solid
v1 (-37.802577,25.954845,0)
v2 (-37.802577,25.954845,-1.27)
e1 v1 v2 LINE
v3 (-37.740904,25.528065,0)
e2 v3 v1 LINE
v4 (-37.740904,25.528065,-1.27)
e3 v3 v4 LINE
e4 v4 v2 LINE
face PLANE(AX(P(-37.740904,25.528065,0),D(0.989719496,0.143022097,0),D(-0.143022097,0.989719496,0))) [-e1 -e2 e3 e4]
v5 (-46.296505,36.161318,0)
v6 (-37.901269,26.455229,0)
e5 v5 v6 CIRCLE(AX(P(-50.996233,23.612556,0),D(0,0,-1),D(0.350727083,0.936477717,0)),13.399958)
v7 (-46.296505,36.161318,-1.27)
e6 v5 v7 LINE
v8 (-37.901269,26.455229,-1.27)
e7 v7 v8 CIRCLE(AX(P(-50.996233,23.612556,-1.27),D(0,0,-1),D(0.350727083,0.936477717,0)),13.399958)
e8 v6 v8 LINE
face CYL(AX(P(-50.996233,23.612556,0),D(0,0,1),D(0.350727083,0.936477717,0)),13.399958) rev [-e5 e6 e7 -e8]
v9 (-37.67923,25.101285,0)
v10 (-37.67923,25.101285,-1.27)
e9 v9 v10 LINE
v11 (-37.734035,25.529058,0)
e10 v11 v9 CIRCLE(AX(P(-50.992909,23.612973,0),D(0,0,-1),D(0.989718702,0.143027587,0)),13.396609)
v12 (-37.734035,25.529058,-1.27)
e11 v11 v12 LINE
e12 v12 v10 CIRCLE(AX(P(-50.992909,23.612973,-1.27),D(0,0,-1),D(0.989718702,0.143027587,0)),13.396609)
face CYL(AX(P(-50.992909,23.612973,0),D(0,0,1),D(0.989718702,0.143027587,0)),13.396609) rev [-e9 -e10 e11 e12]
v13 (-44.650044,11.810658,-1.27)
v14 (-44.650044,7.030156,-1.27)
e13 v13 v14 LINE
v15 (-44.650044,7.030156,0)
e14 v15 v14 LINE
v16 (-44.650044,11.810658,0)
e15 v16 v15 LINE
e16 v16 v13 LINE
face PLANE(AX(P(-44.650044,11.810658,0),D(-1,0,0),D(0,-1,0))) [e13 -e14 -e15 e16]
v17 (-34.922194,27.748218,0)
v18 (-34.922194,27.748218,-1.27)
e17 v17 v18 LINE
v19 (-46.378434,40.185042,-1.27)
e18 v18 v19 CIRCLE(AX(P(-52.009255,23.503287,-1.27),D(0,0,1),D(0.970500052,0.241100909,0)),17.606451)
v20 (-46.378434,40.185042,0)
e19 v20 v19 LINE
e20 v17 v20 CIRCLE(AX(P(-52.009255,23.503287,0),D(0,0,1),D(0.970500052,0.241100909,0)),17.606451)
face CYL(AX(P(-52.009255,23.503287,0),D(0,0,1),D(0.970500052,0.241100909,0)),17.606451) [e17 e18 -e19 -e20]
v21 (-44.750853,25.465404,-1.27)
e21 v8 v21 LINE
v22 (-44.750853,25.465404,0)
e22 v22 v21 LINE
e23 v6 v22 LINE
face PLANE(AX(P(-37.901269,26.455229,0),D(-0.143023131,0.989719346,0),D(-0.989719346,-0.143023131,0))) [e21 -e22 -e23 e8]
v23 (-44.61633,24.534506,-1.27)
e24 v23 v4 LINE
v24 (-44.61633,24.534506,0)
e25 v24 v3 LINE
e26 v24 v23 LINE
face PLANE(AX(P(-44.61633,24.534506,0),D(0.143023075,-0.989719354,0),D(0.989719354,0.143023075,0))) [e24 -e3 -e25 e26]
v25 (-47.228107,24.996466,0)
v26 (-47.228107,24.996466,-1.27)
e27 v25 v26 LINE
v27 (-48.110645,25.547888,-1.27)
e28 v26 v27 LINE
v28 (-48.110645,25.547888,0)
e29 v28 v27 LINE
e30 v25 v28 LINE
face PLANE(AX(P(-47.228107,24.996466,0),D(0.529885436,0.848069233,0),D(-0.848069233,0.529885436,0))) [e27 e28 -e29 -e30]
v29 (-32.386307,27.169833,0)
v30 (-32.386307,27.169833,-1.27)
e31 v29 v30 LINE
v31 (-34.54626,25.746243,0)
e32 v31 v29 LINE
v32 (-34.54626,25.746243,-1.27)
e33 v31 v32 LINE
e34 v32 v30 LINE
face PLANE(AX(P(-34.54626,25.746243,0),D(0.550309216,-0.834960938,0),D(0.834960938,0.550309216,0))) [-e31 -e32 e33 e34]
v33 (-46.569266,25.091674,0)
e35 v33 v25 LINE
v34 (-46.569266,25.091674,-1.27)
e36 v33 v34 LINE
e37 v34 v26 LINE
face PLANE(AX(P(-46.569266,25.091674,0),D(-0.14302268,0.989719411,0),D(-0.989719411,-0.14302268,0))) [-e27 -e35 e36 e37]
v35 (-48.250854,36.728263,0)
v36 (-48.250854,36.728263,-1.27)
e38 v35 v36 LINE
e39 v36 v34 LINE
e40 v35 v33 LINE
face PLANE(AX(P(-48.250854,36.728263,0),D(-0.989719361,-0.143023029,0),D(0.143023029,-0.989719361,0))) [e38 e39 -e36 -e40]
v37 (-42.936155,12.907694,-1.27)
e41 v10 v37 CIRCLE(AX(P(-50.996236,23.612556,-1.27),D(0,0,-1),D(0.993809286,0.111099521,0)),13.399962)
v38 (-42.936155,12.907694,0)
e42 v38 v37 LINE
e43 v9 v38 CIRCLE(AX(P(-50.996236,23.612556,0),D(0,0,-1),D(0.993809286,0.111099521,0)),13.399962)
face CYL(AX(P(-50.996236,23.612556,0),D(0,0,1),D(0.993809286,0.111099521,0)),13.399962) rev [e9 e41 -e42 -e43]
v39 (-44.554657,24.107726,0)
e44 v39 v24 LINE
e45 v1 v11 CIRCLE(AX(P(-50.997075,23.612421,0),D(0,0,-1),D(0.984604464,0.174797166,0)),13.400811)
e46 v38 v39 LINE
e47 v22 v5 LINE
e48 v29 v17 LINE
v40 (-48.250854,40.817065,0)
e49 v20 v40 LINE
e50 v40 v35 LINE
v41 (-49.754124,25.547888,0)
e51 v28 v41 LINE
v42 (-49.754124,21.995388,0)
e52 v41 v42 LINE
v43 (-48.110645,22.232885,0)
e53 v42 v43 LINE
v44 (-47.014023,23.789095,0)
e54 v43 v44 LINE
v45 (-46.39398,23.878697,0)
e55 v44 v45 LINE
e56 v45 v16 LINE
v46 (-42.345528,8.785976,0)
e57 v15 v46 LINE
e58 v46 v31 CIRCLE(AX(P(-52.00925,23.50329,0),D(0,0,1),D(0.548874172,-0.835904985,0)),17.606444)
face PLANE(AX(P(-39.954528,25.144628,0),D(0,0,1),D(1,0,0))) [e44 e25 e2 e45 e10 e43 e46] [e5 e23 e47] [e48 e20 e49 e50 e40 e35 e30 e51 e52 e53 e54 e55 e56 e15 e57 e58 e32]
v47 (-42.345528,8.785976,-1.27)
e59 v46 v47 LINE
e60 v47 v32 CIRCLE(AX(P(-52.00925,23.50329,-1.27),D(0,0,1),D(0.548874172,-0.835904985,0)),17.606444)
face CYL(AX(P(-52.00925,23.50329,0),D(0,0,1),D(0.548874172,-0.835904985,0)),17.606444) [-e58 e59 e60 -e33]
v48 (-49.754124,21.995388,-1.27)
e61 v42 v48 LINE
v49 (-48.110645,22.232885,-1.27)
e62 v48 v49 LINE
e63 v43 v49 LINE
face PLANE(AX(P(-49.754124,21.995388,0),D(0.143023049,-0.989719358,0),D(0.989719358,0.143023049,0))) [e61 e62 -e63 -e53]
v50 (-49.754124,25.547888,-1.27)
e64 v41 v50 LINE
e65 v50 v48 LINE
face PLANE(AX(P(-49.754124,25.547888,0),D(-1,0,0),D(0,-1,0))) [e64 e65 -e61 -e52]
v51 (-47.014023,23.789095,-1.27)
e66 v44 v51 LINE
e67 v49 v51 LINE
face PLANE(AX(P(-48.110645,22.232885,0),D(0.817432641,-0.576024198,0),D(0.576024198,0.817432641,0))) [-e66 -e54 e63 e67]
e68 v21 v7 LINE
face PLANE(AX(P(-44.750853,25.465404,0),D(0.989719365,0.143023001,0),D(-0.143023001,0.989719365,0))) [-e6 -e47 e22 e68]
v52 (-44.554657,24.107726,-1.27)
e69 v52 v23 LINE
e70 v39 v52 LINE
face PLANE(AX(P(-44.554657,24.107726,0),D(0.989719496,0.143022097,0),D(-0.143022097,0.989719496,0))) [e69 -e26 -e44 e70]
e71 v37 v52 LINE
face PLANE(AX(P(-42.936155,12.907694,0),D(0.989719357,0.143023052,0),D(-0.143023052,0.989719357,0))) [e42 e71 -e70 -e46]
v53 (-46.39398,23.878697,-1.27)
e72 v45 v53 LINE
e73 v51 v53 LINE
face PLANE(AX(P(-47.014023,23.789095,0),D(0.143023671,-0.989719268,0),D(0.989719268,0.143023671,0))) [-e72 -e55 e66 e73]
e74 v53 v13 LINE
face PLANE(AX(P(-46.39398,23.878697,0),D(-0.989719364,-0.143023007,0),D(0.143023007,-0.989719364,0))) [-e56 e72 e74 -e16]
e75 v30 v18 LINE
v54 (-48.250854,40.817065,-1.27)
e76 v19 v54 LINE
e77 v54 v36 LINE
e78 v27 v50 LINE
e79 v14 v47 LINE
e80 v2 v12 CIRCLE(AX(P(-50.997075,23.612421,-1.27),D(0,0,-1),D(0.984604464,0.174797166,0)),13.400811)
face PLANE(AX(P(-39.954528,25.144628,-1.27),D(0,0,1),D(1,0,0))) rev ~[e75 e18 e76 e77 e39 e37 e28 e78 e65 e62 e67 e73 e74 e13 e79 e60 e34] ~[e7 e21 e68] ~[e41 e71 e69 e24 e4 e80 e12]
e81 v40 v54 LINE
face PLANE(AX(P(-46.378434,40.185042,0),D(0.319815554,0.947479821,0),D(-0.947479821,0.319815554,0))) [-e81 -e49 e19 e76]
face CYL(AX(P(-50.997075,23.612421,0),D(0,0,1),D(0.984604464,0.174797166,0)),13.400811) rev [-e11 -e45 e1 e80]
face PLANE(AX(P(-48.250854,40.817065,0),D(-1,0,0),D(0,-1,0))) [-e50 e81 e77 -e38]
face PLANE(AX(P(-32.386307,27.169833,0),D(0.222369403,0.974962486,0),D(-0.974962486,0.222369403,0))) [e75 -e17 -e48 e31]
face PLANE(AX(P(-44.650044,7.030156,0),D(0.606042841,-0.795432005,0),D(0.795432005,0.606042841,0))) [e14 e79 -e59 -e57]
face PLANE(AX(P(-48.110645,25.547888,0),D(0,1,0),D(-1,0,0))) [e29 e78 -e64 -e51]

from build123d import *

# Parameters (mm, degrees)
F1_DEPTH = 1.27


with BuildPart() as f1:
    # F0 (on Top) → F1 (new body)
    with BuildSketch(Plane.XY):
        with BuildLine():
            Line((-44.650044, 11.810658), (-42.345528, 8.785976))
            ThreePointArc((-42.345528, 8.785976), (-36.013085, 16.14737), (-34.54626, 25.746243))
            ThreePointArc((-34.54626, 25.746243), (-34.705251, 26.752672), (-34.922194, 27.748218))
            ThreePointArc((-34.922194, 27.748218), (-39.059576, 35.431946), (-46.378434, 40.185042))
            Line((-46.378434, 40.185042), (-48.250854, 36.728263))
            ThreePointArc((-48.250854, 36.728263), (-47.262902, 36.481943), (-46.296505, 36.161318))
            ThreePointArc((-46.296505, 36.161318), (-40.861402, 32.378631), (-37.901269, 26.455229))
            ThreePointArc((-37.901269, 26.455229), (-37.849542, 26.205506), (-37.802577, 25.954845))
            ThreePointArc((-37.802577, 25.954845), (-37.766593, 25.742227), (-37.734035, 25.529058))
            ThreePointArc((-37.734035, 25.529058), (-37.704911, 25.315392), (-37.67923, 25.101285))
            ThreePointArc((-37.67923, 25.101285), (-38.69112, 18.30755), (-42.936155, 12.907694))
            ThreePointArc((-42.936155, 12.907694), (-43.772245, 12.326595), (-44.650044, 11.810658))
        make_face()
        with BuildLine():
            Line((-46.39398, 23.878697), (-44.650044, 11.810658))
            ThreePointArc((-44.650044, 11.810658), (-43.772245, 12.326595), (-42.936155, 12.907694))
            Line((-42.936155, 12.907694), (-44.554657, 24.107726))
            Line((-44.554657, 24.107726), (-44.61633, 24.534506))
            Line((-44.61633, 24.534506), (-46.488751, 24.534506))
            Line((-46.488751, 24.534506), (-46.39398, 23.878697))
        make_face()
        with BuildLine():
            Line((-46.569266, 25.091674), (-46.488751, 24.534506))
            Line((-46.488751, 24.534506), (-44.61633, 24.534506))
            Line((-44.61633, 24.534506), (-44.678004, 24.961286))
            Line((-44.678004, 24.961286), (-44.750853, 25.465404))
            Line((-44.750853, 25.465404), (-46.296505, 36.161318))
            ThreePointArc((-46.296505, 36.161318), (-47.262902, 36.481943), (-48.250854, 36.728263))
            Line((-48.250854, 36.728263), (-46.569266, 25.091674))
        make_face()
        Polygon((-47.014023, 23.789095), (-46.488751, 24.534506), (-47.228107, 24.996466), (-48.110645, 25.547888), (-49.754124, 25.547888), (-49.754124, 23.612555), (-49.754124, 21.995388), (-48.110645, 22.232885), align=None)
        with BuildLine():
            ThreePointArc((-34.922194, 27.748218), (-34.705251, 26.752672), (-34.54626, 25.746243))
            Line((-34.54626, 25.746243), (-32.386307, 27.169833))
            Line((-32.386307, 27.169833), (-34.922194, 27.748218))
        make_face()
        Polygon((-44.650044, 7.030156), (-42.345528, 8.785976), (-44.650044, 11.810658), align=None)
        Polygon((-48.250854, 36.728263), (-46.378434, 40.185042), (-48.250854, 40.817065), align=None)
        with BuildLine():
            Line((-44.678004, 24.961286), (-37.802577, 25.954845))
            ThreePointArc((-37.802577, 25.954845), (-37.849542, 26.205506), (-37.901269, 26.455229))
            Line((-37.901269, 26.455229), (-44.750853, 25.465404))
            Line((-44.750853, 25.465404), (-44.678004, 24.961286))
        make_face()
        Polygon((-44.61633, 24.534506), (-37.740904, 25.528065), (-37.802577, 25.954845), (-44.678004, 24.961286), align=None)
        Polygon((-47.228107, 24.996466), (-46.488751, 24.534506), (-46.569266, 25.091674), align=None)
        Polygon((-47.014023, 23.789095), (-46.39398, 23.878697), (-46.488751, 24.534506), align=None)
    extrude(amount=-F1_DEPTH)


solid = f1.part
